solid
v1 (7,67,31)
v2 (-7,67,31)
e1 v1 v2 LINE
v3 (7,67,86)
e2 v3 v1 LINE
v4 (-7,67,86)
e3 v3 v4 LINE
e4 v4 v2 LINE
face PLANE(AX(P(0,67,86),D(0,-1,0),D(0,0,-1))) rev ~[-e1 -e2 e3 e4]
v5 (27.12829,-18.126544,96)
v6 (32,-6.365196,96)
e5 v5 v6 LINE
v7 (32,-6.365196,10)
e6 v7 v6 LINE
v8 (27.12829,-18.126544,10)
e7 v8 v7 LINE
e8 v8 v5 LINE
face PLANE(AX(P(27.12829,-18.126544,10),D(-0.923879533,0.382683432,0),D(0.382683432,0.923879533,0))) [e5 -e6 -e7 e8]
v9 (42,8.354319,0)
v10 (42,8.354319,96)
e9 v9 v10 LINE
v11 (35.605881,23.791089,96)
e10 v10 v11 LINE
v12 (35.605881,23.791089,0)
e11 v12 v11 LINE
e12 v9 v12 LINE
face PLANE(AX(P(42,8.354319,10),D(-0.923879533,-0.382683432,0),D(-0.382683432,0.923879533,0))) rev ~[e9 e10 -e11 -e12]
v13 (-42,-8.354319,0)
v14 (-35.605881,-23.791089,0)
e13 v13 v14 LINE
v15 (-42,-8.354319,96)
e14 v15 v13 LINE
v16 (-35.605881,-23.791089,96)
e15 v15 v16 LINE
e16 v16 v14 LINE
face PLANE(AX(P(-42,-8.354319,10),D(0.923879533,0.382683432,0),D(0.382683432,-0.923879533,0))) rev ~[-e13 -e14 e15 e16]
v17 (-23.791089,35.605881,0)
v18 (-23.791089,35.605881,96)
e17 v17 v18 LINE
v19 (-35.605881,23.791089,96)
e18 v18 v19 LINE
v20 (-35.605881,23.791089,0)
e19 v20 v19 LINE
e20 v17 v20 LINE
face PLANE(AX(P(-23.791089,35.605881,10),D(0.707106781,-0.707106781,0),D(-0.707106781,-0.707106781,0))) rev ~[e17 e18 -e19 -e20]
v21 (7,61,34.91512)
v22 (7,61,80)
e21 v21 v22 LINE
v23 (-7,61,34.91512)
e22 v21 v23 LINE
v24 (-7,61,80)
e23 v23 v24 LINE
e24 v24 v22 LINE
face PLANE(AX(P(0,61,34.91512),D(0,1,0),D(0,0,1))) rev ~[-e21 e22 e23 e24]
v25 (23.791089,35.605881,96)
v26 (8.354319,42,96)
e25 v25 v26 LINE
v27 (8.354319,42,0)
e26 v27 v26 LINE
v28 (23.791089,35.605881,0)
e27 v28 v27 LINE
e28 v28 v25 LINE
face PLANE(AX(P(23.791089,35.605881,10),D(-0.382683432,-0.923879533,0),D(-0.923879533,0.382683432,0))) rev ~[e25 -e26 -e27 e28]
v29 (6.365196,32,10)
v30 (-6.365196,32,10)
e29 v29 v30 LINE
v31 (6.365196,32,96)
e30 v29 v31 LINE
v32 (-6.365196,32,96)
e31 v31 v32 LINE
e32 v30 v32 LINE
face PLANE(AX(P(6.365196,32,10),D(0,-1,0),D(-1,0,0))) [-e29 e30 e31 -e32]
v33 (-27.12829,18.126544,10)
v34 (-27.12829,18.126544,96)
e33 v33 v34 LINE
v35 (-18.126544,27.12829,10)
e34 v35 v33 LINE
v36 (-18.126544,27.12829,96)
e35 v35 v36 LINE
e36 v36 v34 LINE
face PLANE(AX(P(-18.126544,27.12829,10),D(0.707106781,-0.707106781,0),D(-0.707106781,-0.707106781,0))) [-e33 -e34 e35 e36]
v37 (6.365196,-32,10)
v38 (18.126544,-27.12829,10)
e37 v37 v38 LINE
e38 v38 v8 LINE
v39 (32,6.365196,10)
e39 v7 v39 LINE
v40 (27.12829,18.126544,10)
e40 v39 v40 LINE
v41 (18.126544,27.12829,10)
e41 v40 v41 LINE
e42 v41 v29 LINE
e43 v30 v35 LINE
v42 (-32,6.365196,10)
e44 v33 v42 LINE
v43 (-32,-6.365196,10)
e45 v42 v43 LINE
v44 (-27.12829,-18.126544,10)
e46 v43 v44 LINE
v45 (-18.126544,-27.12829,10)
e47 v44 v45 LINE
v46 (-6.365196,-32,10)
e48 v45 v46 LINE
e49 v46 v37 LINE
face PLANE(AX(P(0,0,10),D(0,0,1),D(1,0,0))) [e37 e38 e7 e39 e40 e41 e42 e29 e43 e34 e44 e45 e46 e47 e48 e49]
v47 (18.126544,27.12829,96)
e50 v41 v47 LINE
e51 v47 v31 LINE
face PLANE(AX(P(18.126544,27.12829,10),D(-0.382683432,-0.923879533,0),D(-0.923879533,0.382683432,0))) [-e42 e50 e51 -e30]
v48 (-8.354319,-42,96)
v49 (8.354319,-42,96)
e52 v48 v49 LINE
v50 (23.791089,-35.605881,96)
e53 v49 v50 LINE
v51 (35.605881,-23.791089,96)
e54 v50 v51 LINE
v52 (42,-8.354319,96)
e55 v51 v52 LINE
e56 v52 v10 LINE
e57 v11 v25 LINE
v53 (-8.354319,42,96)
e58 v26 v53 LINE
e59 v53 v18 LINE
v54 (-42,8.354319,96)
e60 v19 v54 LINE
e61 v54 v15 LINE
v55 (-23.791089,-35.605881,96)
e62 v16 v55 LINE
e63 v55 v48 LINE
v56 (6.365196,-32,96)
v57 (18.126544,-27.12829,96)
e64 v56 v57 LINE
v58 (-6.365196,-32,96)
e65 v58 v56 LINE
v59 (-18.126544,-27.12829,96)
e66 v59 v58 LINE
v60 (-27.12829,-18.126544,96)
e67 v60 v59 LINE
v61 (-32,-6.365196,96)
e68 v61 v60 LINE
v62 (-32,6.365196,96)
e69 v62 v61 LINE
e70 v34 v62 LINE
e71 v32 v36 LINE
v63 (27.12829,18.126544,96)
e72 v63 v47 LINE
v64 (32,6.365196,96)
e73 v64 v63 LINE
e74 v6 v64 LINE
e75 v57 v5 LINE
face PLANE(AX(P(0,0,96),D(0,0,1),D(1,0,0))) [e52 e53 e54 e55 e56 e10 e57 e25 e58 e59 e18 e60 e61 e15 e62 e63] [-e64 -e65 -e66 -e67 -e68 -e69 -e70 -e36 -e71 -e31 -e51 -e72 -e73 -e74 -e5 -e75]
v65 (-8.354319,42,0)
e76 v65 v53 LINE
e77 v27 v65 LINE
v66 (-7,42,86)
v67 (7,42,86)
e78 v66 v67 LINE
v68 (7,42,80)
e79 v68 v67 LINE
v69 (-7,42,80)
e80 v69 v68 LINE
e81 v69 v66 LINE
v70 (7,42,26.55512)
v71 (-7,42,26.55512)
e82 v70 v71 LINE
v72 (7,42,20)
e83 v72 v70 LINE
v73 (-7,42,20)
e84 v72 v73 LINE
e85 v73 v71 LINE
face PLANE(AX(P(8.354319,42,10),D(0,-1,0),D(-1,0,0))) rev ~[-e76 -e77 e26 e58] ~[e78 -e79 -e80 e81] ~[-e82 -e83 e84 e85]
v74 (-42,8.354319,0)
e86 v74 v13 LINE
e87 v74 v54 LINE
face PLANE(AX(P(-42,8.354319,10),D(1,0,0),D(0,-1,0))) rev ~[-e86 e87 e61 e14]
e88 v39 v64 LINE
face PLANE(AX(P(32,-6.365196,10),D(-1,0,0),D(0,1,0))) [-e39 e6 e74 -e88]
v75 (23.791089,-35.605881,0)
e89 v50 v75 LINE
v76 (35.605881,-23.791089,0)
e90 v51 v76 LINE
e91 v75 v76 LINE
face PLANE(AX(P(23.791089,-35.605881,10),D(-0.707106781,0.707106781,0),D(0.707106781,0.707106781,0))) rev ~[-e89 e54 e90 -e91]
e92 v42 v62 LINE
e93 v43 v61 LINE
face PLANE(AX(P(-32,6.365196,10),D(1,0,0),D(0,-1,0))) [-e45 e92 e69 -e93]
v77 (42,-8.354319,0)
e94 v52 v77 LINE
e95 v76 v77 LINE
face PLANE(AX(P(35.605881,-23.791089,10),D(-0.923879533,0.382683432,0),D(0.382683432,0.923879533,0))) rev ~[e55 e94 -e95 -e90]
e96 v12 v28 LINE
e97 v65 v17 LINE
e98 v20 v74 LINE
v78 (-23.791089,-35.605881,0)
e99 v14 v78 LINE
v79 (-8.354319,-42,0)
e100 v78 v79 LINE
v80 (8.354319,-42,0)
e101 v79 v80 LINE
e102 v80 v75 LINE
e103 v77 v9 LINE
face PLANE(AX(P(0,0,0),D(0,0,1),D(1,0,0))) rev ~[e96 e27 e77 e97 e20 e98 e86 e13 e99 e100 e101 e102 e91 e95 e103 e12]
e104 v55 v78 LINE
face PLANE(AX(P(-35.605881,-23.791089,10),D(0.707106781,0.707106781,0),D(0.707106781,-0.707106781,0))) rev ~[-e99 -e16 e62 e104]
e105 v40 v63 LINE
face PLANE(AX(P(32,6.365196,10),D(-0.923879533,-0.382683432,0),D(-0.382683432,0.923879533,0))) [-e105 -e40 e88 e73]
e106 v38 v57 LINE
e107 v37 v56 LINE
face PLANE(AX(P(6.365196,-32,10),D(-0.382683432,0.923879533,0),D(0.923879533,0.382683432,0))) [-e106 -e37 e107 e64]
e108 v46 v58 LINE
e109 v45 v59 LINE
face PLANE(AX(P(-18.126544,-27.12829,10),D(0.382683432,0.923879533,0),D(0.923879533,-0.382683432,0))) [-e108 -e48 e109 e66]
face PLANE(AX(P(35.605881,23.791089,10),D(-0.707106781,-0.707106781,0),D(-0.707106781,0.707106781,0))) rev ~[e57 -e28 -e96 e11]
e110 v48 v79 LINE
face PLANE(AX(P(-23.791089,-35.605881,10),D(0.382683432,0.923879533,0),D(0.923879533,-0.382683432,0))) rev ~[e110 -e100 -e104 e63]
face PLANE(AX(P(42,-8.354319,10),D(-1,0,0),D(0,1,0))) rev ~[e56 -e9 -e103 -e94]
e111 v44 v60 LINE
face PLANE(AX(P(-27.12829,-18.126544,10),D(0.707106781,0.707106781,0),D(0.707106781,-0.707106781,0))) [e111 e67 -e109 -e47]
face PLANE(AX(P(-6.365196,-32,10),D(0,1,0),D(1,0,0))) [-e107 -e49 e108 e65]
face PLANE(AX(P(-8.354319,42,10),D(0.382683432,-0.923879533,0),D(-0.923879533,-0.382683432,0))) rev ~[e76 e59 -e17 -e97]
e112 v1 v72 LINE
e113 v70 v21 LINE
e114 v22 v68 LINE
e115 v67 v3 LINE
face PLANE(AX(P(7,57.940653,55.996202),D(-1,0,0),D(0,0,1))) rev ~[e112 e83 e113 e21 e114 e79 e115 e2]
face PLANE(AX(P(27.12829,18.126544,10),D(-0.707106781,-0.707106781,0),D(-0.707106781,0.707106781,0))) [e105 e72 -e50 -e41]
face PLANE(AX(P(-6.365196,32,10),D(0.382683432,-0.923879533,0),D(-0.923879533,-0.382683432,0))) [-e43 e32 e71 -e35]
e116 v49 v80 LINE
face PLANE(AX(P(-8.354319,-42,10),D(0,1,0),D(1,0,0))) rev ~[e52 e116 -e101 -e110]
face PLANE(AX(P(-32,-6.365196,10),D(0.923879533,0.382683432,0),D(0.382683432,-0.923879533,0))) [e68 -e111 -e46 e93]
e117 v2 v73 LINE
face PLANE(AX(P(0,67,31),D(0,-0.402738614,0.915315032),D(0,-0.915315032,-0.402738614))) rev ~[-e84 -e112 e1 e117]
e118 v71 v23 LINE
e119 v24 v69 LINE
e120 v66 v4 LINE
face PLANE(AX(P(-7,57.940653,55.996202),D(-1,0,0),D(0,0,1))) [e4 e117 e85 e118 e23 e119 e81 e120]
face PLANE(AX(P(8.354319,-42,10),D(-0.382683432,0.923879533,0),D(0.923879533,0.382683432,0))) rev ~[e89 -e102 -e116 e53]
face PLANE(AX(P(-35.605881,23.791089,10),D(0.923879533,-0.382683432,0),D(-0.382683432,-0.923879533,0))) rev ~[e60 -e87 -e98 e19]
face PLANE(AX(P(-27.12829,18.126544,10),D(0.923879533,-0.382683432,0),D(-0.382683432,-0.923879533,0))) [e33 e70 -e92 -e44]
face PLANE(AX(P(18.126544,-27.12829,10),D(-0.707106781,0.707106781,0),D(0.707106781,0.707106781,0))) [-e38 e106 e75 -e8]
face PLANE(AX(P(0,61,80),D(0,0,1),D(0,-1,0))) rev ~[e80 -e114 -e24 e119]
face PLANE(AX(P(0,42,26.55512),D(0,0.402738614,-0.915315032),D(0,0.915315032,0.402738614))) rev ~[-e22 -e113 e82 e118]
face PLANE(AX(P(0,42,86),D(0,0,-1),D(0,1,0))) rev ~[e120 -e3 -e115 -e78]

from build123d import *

# Parameters (mm, degrees)
BOSS_EXTRUDE1_DEPTH = 10
BOSS_EXTRUDE2_START = 10
BOSS_EXTRUDE2_DEPTH = 86
BOSS_EXTRUDE3_DEPTH = 7


with BuildPart() as part:
    # Sketch1 → Boss-Extrude1 (new body)
    # profile 1 of 2: a face of its own
    with BuildSketch(Plane.XY):
        Polygon((42, -8.35431943), (42, 8.35431943), (35.605880731, 23.791088889), (23.791088889, 35.605880731), (8.35431943, 42), (-8.35431943, 42), (-23.791088889, 35.605880731), (-35.605880731, 23.791088889), (-42, 8.35431943), (-42, -8.35431943), (-35.605880731, -23.791088889), (-23.791088889, -35.605880731), (-8.35431943, -42), (8.35431943, -42), (23.791088889, -35.605880731), (35.605880731, -23.791088889), align=None)
        Polygon((27.128290081, 18.126543915), (18.126543915, 27.128290081), (6.365195756, 32), (-6.365195756, 32), (-18.126543915, 27.128290081), (-27.128290081, 18.126543915), (-32, 6.365195756), (-32, -6.365195756), (-27.128290081, -18.126543915), (-18.126543915, -27.128290081), (-6.365195756, -32), (6.365195756, -32), (18.126543915, -27.128290081), (27.128290081, -18.126543915), (32, -6.365195756), (32, 6.365195756), align=None, mode=Mode.SUBTRACT)
    # profile 2 of 2: a face of its own
    with BuildSketch(Plane.XY):
        Polygon((32, 6.365195756), (27.128290081, 18.126543915), (18.126543915, 27.128290081), (6.365195756, 32), (-6.365195756, 32), (-18.126543915, 27.128290081), (-27.128290081, 18.126543915), (-32, 6.365195756), (-32, -6.365195756), (-27.128290081, -18.126543915), (-18.126543915, -27.128290081), (-6.365195756, -32), (6.365195756, -32), (18.126543915, -27.128290081), (27.128290081, -18.126543915), (32, -6.365195756), align=None)
    extrude(amount=BOSS_EXTRUDE1_DEPTH)

    # Sketch1<5> → Boss-Extrude2 (add)
    with BuildSketch(Plane.XY.offset(BOSS_EXTRUDE2_START)):
        Polygon((42, -8.35431943), (42, 8.35431943), (35.605880731, 23.791088889), (23.791088889, 35.605880731), (8.35431943, 42), (-8.35431943, 42), (-23.791088889, 35.605880731), (-35.605880731, 23.791088889), (-42, 8.35431943), (-42, -8.35431943), (-35.605880731, -23.791088889), (-23.791088889, -35.605880731), (-8.35431943, -42), (8.35431943, -42), (23.791088889, -35.605880731), (35.605880731, -23.791088889), align=None)
        Polygon((27.128290081, 18.126543915), (18.126543915, 27.128290081), (6.365195756, 32), (-6.365195756, 32), (-18.126543915, 27.128290081), (-27.128290081, 18.126543915), (-32, 6.365195756), (-32, -6.365195756), (-27.128290081, -18.126543915), (-18.126543915, -27.128290081), (-6.365195756, -32), (6.365195756, -32), (18.126543915, -27.128290081), (27.128290081, -18.126543915), (32, -6.365195756), (32, 6.365195756), align=None, mode=Mode.SUBTRACT)
    extrude(amount=BOSS_EXTRUDE2_DEPTH)

    # Sketch3 → Boss-Extrude3 (add, symmetric)
    with BuildSketch(Plane(origin=(0, 0, 0), x_dir=(0, 0, -1), z_dir=(1, 0, 0))):
        Polygon((-86, 42), (-86, 67), (-31, 67), (-20, 42), (-26.555120136, 42), (-34.915120136, 61), (-80, 61), (-80, 42), align=None)
    extrude(amount=BOSS_EXTRUDE3_DEPTH, both=True)


solid = part.part
